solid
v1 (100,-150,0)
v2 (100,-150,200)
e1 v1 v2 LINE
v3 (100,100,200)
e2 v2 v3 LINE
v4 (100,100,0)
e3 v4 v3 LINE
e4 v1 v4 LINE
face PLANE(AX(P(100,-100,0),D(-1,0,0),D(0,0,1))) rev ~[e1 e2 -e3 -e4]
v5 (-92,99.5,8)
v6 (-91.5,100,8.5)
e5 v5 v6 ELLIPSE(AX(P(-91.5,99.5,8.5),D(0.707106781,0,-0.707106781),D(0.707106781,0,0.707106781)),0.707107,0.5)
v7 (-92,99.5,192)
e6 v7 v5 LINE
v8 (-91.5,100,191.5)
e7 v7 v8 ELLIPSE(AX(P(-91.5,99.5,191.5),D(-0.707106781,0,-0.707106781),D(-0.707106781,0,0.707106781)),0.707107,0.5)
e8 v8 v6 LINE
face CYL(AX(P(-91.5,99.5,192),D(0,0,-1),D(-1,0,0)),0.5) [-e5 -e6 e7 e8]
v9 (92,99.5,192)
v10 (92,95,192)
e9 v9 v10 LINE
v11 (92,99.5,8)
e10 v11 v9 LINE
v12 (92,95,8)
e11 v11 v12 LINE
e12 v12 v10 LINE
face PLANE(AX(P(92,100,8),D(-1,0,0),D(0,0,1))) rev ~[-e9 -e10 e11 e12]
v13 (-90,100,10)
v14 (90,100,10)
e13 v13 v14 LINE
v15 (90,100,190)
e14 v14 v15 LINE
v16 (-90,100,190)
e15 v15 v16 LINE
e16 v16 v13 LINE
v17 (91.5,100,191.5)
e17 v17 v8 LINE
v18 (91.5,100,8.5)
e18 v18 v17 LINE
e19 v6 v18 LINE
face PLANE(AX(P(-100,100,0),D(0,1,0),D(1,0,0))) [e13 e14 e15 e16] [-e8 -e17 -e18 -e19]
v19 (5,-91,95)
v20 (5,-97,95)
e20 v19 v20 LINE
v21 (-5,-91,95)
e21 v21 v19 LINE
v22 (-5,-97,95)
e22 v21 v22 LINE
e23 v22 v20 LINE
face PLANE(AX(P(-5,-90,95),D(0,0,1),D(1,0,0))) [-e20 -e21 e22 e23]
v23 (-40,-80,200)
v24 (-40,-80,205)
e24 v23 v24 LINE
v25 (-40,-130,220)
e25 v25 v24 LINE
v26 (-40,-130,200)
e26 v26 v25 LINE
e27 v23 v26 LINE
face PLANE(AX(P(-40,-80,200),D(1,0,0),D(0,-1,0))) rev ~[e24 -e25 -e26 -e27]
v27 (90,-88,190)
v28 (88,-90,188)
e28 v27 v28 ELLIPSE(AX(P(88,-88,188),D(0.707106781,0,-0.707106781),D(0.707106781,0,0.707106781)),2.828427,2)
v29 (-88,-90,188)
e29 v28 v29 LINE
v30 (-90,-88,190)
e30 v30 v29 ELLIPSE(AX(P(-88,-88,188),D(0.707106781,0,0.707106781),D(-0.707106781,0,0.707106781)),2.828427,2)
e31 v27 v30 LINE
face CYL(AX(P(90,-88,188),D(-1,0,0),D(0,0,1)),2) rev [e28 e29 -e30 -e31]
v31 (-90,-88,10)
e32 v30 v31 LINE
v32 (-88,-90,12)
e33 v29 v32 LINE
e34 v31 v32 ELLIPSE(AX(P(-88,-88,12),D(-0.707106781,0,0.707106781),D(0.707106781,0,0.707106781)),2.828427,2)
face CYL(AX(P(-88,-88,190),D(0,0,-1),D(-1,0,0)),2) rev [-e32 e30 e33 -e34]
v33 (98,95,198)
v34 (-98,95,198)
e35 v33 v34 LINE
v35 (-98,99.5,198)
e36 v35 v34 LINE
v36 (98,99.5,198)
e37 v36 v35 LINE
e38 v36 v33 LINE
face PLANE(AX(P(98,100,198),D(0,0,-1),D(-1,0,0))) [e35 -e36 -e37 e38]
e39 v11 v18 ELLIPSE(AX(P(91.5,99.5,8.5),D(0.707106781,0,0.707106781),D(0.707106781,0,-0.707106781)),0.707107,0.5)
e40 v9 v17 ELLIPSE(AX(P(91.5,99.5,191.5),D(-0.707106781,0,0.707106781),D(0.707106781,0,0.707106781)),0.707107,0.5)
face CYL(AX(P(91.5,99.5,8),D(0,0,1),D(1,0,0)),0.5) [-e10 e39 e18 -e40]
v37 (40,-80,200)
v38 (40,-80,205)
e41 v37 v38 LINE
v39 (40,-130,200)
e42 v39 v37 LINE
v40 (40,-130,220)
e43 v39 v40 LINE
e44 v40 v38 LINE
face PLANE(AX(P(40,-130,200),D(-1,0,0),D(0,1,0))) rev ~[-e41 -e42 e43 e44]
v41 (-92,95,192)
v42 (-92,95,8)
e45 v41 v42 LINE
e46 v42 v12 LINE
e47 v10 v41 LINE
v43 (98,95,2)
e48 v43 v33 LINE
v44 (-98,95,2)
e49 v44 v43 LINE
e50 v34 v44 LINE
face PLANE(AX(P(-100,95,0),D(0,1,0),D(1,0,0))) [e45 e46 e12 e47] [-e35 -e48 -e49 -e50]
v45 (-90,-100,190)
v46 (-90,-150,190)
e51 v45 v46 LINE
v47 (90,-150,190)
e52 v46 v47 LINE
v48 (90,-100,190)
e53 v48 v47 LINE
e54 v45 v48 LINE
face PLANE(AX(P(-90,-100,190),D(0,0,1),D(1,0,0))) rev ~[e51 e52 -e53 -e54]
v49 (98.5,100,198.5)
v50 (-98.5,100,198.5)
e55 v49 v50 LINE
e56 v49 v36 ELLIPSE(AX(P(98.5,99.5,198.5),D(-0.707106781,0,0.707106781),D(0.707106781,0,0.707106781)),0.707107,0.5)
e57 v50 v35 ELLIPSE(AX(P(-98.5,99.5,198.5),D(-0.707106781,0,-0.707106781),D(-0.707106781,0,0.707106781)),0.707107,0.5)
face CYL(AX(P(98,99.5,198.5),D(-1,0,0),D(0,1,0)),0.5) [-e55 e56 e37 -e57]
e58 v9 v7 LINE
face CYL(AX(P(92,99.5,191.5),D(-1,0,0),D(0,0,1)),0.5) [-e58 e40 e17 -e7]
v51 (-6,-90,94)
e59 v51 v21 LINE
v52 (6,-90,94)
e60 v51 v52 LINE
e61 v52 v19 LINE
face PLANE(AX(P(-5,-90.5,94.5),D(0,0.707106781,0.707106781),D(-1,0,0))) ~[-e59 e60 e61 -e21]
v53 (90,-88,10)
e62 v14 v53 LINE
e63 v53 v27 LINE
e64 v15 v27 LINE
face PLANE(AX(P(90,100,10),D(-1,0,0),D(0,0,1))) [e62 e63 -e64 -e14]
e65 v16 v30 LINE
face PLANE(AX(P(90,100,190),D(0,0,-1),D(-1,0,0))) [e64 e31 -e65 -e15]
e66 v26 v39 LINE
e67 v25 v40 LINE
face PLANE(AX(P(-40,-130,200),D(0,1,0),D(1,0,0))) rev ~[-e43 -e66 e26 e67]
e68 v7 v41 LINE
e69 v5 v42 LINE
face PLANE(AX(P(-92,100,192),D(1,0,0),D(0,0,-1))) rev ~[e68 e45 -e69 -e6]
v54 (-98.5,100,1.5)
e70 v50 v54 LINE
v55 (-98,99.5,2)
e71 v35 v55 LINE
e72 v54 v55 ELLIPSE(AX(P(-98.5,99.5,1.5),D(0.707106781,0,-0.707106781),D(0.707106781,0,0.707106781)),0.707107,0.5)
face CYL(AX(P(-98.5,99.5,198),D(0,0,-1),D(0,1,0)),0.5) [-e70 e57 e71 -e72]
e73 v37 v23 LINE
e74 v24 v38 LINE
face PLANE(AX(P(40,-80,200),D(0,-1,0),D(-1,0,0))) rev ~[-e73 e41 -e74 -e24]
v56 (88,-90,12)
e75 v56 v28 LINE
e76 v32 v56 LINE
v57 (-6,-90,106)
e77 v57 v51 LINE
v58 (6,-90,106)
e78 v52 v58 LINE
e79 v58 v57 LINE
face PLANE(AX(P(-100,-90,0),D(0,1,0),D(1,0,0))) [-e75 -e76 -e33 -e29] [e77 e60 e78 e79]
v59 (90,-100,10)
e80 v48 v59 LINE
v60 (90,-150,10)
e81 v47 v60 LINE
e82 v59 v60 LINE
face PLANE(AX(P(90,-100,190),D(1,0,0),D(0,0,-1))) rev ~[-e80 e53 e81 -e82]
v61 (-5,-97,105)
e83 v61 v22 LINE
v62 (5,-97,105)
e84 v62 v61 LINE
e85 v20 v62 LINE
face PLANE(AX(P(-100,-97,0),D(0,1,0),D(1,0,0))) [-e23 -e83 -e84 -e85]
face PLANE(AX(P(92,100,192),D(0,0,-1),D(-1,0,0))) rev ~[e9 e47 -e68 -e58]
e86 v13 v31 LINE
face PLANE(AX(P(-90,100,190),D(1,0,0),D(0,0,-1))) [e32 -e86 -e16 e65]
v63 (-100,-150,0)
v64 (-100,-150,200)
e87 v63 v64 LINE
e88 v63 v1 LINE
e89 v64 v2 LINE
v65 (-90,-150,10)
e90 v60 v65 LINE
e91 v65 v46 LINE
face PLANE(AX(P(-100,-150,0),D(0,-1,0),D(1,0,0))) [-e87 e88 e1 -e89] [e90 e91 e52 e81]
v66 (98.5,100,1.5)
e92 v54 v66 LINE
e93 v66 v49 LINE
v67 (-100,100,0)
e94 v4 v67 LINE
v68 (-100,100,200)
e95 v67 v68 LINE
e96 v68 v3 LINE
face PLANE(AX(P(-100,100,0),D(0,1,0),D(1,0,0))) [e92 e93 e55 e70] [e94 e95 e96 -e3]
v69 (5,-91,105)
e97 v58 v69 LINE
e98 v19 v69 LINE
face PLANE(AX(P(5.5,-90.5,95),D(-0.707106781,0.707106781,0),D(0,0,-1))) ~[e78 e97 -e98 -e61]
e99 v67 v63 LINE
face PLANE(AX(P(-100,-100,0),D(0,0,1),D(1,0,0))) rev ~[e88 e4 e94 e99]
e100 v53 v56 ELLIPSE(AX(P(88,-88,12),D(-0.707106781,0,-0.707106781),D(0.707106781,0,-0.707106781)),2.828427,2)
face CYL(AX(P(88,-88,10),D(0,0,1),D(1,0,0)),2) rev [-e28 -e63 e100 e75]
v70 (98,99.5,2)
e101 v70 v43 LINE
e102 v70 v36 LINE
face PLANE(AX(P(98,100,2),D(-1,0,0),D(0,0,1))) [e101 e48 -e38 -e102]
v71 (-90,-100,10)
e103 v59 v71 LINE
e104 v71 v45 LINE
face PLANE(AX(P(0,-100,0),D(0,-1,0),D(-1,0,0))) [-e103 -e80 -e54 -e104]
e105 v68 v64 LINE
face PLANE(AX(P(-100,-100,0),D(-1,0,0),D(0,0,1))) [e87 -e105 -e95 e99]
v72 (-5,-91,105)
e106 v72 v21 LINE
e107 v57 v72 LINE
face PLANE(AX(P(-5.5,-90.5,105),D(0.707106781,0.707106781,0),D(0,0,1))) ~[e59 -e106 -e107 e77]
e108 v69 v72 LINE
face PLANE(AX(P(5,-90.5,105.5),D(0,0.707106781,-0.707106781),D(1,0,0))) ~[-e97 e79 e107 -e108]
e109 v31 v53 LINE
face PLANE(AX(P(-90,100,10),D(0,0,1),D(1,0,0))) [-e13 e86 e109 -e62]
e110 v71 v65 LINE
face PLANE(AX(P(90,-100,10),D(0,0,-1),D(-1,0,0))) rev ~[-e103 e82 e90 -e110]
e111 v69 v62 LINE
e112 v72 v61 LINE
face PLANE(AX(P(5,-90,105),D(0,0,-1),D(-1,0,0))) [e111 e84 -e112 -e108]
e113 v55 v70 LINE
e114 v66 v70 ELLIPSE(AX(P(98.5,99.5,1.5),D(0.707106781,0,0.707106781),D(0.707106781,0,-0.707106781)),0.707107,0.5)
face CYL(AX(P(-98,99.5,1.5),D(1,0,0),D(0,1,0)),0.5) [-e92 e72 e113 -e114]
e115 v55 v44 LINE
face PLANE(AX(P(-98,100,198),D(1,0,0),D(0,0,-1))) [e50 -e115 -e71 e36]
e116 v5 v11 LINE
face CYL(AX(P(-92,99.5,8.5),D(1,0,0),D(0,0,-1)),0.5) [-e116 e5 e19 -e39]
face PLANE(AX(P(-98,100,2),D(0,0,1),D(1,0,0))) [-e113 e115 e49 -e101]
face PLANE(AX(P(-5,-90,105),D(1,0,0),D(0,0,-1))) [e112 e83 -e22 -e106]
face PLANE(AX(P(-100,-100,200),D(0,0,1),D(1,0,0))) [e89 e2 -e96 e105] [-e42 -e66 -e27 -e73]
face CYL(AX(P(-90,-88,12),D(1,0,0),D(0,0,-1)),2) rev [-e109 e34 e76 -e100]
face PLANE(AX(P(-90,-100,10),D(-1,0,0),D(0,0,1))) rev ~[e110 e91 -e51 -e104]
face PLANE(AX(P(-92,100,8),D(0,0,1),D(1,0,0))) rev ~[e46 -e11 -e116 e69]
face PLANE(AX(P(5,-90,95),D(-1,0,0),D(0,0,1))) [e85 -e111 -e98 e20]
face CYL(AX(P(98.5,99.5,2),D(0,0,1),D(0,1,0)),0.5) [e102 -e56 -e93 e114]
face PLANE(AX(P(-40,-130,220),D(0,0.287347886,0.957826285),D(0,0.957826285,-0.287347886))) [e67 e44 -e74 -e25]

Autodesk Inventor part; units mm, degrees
ref_plane "YZ Plane" through (0, 0, 0) normal (1, 0, 0) x (0, 1, 0)
ref_plane "XZ Plane" through (0, 0, 0) normal (0, 1, 0) x (-1, 0, 0)
ref_plane "XY Plane" through (0, 0, 0) normal (0, 0, 1) x (1, 0, 0)
sketch "Skizze1" plane through (0, 0, 0) normal (0, 0, 1) x (1, 0, 0)
  line L0 (-140, 0) -> (140, 0) projected
  line L1 (0, -140) -> (0, 140) projected
  line L2 (-100, 100) -> (100, 100)
  line L3 (100, 100) -> (100, -100)
  line L4 (100, -100) -> (-100, -100)
  line L5 (-100, -100) -> (-100, 100)
  point P0 (0, 0)
  dimension "d0" = 200
  dimension "d1" = 200
  dimension "d2" = 100
  dimension "d3" = 100
extrude "Extrusion1" add sketch "Skizze1" along normal blind 200
sketch "Skizze2" plane through (-100, 100, 0) normal (0, 1, 0) x (1, 0, 0)
  line L0 (10, -10) -> (190, -10)
  line L1 (190, -10) -> (190, -190)
  line L2 (190, -190) -> (10, -190)
  line L3 (10, -190) -> (10, -10)
  line L4 (0, 0) -> (0, -200) projected
  line L5 (200, 0) -> (200, -200) projected
  line L6 (200, -200) -> (0, -200) projected
  line L7 (200, 0) -> (0, 0) projected
  point P0 (100, 0)
  dimension "d6" = 10
  dimension "d7" = 10
  dimension "d8" = 10
  dimension "d9" = 10
extrude "Extrusion2" cut sketch "Skizze2" against normal blind 190 contours L0 L1 L2 L3
sketch "Skizze3" plane through (-100, 100, 0) normal (0, 1, 0) x (1, 0, 0)
  line L0 (2, -2) -> (198, -2)
  line L1 (198, -2) -> (198, -198)
  line L2 (198, -198) -> (2, -198)
  line L3 (2, -198) -> (2, -2)
  line L4 (8, -8) -> (192, -8)
  line L5 (192, -8) -> (192, -192)
  line L6 (192, -192) -> (8, -192)
  line L7 (8, -192) -> (8, -8)
  line L8 (0, 0) -> (0, -200) projected
  line L9 (10, -190) -> (10, -10) projected
  line L10 (190, -190) -> (10, -190) projected
  line L11 (200, -200) -> (0, -200) projected
  line L12 (190, -10) -> (190, -190) projected
  line L13 (200, 0) -> (200, -200) projected
  line L14 (200, 0) -> (0, 0) projected
  line L15 (10, -10) -> (190, -10) projected
  point P0 (100, 0)
  dimension "d12" = 2
  dimension "d13" = 2
  dimension "d14" = 2
  dimension "d15" = 2
  dimension "d16" = 2
  dimension "d17" = 2
  dimension "d18" = 2
  dimension "d19" = 2
extrude "Extrusion3" cut sketch "Skizze3" against normal blind 5 contours L0 L1 L2 L3
fillet "Rundung1" radius 0.5 8 edges at (0, 100, 2) (0, 100, 8) (98, 100, 100) (92, 100, 100) (0, 100, 192) (0, 100, 198) (-98, 100, 100) (-92, 100, 100)
sketch "Skizze5" plane through (-100, -90, 0) normal (0, 1, 0) x (1, 0, 0)
  line L0 (95, -95) -> (105, -95)
  line L1 (105, -95) -> (105, -105)
  line L2 (105, -105) -> (95, -105)
  line L3 (95, -105) -> (95, -95)
  line L4 (200, 0) -> (0, 0) projected
  line L5 (0, 0) -> (0, -200) projected
  point P0 (100, 0)
  dimension "d24" = 10
  dimension "d25" = 10
  dimension "d26" = 95
  dimension "d27" = 95
extrude "Extrusion4" cut sketch "Skizze5" against normal blind 7
sketch "Skizze6" plane through (-100, -100, 0) normal (0, -1, 0) x (1, 0, 0)
  line L0 (10, 190) -> (190, 190)
  line L1 (190, 190) -> (190, 10)
  line L2 (190, 10) -> (10, 10)
  line L3 (10, 10) -> (10, 190)
  line L4 (0, 200) -> (200, 200) projected
  line L5 (200, 0) -> (200, 200) projected
  line L6 (0, 0) -> (200, 0) projected
  line L7 (0, 0) -> (0, 200) projected
  point P0 (100, 0)
  dimension "d30" = 10
  dimension "d31" = 10
  dimension "d32" = 10
  dimension "d33" = 10
extrude "Extrusion5" add sketch "Skizze6" along normal blind 50
sketch "Skizze7" plane through (0, 0, 200) normal (0, 0, 1) x (1, 0, 0)
  line L0 (-40, -130) -> (40, -130)
  line L1 (40, -130) -> (40, -80)
  line L2 (40, -80) -> (-40, -80)
  line L3 (-40, -80) -> (-40, -130)
  line L4 (100, -150) -> (-100, -150) projected
  line L5 (-100, 100) -> (-100, -150) projected
  point P0 (0, 0)
  dimension "d36" = 50
  dimension "d37" = 80
  dimension "d38" = 20
  dimension "d39" = 60
extrude "Extrusion6" add sketch "Skizze7" along normal blind 20
sketch "Skizze9" plane through (-40, -130, 200) normal (-1, 0, 0) x (0, 0, 1)
  line L0 (20, 0) -> (20, 50) projected
  line L1 (20, 0) -> (5, 50)
  line L2 (0, 50) -> (20, 50) projected
  line L3 (0, 230) -> (0, -20) projected
  point P0 (-200, 130)
  dimension "d45" = 5
extrude "Extrusion7" cut sketch "Skizze9" against normal blind 200
fillet "Rundung2" radius 2 4 edges at (0, -90, 10) (90, -90, 100) (0, -90, 190) (-90, -90, 100)
chamfer "Fase1" distance 1 angle 45 4 edges at (0, -90, 95) (5, -90, 100) (0, -90, 105) (-5, -90, 100)
properties material "Acetalharz, Schwarz"
